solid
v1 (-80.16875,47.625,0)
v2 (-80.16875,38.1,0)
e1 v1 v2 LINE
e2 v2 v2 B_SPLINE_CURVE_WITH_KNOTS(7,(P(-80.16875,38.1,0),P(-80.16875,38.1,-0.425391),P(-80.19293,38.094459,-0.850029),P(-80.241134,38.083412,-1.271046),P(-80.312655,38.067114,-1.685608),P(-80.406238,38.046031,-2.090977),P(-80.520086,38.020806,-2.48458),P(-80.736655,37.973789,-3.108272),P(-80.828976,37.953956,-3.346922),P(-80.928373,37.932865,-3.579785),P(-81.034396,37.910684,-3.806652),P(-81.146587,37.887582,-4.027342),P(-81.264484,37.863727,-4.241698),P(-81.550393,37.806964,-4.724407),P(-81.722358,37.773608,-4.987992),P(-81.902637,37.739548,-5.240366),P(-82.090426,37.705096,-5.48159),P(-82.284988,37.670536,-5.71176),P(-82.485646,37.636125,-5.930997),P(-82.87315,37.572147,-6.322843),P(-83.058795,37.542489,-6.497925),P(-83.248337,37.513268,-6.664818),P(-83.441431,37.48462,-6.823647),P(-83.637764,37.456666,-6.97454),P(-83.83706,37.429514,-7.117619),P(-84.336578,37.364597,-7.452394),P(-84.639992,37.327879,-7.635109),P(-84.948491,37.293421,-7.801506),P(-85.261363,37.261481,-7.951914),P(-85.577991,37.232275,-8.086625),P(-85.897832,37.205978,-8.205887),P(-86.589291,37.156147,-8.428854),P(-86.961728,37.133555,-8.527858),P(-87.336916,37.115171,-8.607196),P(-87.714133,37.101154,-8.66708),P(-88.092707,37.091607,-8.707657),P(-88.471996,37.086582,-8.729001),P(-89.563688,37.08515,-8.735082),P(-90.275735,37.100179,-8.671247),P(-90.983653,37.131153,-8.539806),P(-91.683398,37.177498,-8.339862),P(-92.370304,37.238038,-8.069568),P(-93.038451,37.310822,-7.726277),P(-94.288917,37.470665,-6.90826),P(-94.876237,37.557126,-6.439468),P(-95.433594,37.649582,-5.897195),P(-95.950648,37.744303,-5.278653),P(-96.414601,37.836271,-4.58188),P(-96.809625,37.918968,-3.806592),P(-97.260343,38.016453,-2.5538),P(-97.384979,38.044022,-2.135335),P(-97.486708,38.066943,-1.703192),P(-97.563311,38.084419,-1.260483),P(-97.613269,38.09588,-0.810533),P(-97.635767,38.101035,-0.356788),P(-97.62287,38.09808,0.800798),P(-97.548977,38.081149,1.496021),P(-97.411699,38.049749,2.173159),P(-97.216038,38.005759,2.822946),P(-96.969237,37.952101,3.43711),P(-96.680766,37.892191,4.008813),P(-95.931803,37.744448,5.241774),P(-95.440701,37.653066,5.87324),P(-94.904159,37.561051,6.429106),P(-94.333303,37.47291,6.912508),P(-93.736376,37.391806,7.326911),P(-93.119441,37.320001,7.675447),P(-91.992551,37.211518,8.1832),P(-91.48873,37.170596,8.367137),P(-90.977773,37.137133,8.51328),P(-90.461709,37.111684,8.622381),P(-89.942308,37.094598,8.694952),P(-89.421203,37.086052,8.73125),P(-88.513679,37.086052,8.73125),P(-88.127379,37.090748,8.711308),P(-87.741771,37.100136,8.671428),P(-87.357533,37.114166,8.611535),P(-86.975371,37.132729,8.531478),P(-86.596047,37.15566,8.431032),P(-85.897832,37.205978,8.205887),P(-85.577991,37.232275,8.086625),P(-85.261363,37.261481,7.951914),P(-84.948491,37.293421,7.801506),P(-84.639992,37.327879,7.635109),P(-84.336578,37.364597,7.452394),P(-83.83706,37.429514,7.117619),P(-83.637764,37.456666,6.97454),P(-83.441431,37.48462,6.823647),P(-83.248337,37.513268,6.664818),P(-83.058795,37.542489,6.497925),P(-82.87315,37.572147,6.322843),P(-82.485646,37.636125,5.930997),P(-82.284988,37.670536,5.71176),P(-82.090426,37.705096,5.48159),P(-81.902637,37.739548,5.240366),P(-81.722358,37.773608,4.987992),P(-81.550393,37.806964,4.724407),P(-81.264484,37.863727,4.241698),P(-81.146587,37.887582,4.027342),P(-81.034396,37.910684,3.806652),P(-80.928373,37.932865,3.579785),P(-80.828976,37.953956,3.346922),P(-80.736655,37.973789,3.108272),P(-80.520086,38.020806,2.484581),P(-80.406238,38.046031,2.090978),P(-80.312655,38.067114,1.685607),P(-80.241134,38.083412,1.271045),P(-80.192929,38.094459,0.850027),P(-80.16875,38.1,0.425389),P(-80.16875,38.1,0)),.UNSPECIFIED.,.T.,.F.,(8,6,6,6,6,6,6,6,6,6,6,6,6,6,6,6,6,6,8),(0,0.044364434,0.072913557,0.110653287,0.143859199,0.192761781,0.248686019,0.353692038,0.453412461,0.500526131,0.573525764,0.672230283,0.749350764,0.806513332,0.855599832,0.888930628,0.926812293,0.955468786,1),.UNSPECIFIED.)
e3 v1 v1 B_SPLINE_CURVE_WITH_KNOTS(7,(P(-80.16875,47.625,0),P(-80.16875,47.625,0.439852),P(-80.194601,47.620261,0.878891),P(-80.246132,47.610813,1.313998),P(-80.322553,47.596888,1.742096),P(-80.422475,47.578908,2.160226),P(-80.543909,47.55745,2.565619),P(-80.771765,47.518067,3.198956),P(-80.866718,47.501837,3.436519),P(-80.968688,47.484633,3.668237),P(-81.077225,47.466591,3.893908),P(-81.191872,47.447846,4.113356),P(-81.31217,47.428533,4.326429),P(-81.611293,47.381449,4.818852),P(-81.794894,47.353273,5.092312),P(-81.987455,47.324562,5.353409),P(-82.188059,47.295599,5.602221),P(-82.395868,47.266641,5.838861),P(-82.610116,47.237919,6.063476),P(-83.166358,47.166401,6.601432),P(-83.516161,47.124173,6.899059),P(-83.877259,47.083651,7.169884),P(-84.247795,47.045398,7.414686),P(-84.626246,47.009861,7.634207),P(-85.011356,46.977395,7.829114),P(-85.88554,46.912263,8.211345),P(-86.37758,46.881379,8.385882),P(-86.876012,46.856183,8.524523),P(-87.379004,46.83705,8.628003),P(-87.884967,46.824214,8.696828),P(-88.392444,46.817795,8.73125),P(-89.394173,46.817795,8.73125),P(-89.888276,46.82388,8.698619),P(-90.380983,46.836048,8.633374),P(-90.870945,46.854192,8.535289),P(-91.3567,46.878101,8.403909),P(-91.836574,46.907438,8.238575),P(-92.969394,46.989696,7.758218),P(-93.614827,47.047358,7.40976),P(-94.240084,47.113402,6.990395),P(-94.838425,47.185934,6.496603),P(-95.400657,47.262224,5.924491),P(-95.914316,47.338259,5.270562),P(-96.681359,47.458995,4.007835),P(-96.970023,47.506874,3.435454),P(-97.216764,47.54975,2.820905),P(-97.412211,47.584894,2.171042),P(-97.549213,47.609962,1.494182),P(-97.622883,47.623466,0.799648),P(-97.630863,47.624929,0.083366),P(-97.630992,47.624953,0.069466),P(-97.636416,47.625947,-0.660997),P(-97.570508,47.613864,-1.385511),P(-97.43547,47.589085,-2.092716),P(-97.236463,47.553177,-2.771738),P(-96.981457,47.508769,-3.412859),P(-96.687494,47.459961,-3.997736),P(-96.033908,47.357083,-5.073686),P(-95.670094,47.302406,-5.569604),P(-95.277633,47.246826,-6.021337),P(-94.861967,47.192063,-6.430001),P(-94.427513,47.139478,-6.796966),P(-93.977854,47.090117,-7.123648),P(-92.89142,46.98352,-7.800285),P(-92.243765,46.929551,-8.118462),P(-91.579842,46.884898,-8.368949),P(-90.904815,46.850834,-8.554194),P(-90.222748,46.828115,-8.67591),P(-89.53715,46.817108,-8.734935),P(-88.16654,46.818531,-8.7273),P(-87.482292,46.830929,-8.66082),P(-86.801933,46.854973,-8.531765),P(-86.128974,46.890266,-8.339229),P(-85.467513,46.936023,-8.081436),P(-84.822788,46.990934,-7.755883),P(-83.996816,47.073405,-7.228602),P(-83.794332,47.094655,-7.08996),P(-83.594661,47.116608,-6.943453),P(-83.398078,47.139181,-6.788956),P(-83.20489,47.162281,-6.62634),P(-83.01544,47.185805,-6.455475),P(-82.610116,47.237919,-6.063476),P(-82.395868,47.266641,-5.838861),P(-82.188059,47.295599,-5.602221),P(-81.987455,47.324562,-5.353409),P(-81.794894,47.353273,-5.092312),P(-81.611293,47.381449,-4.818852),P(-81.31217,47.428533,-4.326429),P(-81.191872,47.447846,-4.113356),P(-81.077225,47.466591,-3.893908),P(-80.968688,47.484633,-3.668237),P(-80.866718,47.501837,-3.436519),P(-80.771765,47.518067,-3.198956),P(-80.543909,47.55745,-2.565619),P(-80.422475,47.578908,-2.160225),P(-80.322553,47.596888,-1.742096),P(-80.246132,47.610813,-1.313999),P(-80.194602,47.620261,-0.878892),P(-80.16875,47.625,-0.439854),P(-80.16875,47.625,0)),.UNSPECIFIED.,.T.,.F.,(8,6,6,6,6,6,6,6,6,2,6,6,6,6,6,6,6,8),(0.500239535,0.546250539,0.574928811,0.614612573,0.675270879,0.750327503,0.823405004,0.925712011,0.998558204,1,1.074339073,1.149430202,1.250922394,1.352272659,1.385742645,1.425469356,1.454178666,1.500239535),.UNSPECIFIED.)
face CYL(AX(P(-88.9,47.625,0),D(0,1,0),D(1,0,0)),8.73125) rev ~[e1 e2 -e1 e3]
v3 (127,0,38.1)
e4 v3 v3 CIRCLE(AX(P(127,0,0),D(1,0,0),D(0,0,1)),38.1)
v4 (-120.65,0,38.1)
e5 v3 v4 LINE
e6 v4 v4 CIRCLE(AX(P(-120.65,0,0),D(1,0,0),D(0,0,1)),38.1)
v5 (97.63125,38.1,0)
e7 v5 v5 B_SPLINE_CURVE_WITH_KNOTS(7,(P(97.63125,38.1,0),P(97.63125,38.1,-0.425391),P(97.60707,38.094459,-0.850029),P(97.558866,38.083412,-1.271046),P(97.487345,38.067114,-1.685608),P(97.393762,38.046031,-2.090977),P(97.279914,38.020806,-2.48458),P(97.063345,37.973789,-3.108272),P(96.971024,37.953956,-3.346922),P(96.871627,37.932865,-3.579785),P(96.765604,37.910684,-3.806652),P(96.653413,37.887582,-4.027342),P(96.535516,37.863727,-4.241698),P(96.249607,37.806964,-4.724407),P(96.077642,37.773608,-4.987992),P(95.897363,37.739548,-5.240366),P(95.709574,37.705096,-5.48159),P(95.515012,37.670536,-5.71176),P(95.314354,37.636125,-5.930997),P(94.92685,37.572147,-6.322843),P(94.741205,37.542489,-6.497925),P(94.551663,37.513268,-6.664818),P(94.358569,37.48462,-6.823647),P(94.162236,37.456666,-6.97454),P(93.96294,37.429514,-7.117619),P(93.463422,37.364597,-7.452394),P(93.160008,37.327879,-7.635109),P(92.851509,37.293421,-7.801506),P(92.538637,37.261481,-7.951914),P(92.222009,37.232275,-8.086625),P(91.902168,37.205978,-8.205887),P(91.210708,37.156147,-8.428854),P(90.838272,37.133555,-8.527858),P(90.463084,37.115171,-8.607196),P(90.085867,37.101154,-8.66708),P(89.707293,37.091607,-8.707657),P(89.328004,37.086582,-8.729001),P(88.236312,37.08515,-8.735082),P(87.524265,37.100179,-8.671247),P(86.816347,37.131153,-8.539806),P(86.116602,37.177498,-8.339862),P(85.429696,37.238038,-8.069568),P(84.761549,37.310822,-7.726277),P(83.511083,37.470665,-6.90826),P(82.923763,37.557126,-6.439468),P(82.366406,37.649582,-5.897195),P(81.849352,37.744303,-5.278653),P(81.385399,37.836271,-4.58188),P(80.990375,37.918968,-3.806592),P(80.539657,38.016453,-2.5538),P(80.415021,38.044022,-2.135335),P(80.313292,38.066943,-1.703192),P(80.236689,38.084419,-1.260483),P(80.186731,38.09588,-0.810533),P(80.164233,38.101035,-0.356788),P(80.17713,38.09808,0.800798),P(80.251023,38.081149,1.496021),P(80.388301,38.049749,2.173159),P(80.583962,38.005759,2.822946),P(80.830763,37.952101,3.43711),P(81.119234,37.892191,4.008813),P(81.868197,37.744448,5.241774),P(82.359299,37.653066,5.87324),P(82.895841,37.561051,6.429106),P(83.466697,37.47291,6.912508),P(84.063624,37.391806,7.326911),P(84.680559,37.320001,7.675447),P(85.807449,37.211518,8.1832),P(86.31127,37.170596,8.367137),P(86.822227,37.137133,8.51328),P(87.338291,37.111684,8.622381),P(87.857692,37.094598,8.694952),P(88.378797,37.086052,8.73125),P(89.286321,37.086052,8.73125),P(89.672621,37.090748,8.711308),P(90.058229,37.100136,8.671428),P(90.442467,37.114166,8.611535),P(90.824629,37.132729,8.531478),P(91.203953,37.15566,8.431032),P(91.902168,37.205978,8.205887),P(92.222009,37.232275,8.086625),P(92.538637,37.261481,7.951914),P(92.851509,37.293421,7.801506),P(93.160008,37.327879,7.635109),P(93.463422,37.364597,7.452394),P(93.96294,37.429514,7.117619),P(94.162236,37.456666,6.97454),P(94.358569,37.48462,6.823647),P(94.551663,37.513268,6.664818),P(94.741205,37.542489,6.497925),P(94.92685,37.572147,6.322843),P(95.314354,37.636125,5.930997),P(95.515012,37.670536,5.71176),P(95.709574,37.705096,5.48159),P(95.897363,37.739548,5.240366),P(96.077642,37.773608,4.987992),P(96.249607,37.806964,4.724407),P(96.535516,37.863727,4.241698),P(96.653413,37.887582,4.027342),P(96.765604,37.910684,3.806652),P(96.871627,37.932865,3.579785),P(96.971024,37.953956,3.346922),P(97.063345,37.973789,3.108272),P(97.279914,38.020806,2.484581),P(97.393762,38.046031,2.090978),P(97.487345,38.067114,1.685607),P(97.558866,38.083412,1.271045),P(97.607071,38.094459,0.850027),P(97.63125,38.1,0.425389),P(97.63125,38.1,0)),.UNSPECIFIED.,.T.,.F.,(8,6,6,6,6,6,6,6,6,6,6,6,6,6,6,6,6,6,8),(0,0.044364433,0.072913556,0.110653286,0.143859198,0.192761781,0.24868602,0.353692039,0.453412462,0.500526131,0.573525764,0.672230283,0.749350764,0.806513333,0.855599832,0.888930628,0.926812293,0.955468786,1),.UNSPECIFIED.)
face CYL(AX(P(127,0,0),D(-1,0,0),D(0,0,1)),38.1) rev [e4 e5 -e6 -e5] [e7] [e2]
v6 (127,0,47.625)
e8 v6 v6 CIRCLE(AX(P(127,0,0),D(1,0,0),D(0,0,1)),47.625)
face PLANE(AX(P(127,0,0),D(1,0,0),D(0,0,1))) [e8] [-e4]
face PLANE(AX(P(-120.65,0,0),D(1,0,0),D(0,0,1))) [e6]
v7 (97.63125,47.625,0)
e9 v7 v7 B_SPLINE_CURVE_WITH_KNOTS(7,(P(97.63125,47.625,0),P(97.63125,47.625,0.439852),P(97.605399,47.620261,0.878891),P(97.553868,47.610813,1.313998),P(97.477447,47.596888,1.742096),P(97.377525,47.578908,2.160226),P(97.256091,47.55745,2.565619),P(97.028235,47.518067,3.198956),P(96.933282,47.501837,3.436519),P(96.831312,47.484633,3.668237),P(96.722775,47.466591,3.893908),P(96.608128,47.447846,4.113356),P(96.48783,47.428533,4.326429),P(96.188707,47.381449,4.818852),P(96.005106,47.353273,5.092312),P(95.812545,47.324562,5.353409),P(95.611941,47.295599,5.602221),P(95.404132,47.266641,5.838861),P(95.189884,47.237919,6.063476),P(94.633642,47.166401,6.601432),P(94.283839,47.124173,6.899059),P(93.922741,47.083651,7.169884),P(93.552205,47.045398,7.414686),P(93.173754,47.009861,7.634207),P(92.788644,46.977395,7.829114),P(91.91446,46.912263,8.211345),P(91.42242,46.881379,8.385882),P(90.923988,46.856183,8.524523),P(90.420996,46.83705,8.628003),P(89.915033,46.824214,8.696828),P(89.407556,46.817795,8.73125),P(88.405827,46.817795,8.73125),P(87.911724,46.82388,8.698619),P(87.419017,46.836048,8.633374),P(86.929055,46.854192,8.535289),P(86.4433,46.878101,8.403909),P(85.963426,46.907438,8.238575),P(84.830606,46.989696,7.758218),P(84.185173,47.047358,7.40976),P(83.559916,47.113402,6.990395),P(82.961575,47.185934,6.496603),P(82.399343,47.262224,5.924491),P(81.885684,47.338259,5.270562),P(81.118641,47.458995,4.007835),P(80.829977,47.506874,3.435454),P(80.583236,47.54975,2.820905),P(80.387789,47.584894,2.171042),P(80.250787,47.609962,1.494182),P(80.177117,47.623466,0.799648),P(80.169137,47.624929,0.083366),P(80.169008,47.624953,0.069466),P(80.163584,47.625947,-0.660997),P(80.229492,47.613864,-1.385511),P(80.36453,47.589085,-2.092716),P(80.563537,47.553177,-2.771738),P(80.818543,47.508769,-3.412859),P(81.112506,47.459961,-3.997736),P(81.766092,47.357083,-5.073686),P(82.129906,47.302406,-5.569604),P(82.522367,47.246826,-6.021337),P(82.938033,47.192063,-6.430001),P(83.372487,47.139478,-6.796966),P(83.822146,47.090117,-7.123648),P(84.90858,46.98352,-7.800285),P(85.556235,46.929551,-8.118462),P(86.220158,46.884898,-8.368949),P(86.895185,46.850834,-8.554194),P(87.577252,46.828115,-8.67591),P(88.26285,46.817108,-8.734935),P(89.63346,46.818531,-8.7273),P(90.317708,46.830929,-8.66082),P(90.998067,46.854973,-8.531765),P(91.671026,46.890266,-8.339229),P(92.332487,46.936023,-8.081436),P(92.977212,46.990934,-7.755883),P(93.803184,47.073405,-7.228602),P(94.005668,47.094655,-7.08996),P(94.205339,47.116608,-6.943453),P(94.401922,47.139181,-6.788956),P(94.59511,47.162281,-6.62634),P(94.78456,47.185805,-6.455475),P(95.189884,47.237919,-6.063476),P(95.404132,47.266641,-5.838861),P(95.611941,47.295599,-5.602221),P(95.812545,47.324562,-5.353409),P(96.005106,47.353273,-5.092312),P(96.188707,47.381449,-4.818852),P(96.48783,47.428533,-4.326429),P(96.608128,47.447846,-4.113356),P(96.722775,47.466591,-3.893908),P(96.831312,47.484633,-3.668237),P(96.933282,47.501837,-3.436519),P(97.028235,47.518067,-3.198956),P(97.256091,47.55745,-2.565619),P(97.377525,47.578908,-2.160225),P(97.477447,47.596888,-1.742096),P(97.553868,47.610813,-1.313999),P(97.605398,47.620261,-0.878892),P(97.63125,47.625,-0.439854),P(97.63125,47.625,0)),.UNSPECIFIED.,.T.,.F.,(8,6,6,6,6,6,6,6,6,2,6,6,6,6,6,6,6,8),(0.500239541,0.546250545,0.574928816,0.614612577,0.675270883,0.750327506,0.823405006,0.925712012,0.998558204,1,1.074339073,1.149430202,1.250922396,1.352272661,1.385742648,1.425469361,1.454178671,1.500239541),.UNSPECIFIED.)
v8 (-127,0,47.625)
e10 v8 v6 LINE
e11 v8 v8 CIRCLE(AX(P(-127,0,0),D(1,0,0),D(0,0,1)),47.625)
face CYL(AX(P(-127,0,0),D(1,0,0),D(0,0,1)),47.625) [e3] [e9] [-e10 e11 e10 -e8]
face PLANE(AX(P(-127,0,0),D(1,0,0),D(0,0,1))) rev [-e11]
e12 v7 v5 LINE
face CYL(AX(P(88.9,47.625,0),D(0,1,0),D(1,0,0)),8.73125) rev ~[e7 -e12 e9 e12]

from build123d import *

# Parameters (mm, degrees)
F_3_4_16_TAPPED_HOLE1_REACH  = 167.74
F_3_4_16_TAPPED_HOLE1_BORE_R = 8.73125


with BuildPart() as part:
    # Sketch1 → Revolve1 (revolve)
    with BuildSketch(Plane.XY, mode=Mode.PRIVATE) as revolve1_sk:
        Polygon((-127, 0), (-127, 47.625), (127, 47.625), (127, 38.1), (-120.65, 38.1), (-120.65, 0), align=None)
    revolve(revolve1_sk.sketch.rotate(Axis((-127, 0, 0), (1, 0, 0)), 90), axis=Axis((-127, 0, 0), (1, 0, 0)))

    # 3/4-16 Tapped Hole1 bore → 3/4-16 Tapped Hole1 (cut, up to next)
    with BuildSketch(Plane(origin=(0, 47.625, 0), x_dir=(1, 0, 0), z_dir=(0, 1, 0)), mode=Mode.PRIVATE) as f_3_4_16_tapped_hole1_sk1:
        with Locations((-88.9, 0)):
            Circle(F_3_4_16_TAPPED_HOLE1_BORE_R)
    f_3_4_16_tapped_hole1_tool1 = extrude(f_3_4_16_tapped_hole1_sk1.sketch, amount=-F_3_4_16_TAPPED_HOLE1_REACH, mode=Mode.PRIVATE) & part.part
    # 3/4-16 Tapped Hole1 bore → 3/4-16 Tapped Hole1 (cut, up to next)
    with BuildSketch(Plane(origin=(0, 47.625, 0), x_dir=(1, 0, 0), z_dir=(0, 1, 0)), mode=Mode.PRIVATE) as f_3_4_16_tapped_hole1_sk2:
        with Locations((88.9, 0)):
            Circle(F_3_4_16_TAPPED_HOLE1_BORE_R)
    f_3_4_16_tapped_hole1_tool2 = extrude(f_3_4_16_tapped_hole1_sk2.sketch, amount=-F_3_4_16_TAPPED_HOLE1_REACH, mode=Mode.PRIVATE) & part.part
    add(f_3_4_16_tapped_hole1_tool1.solids().sort_by_distance((-88.9, 47.625, 0))[0], mode=Mode.SUBTRACT)
    add(f_3_4_16_tapped_hole1_tool2.solids().sort_by_distance((88.9, 47.625, 0))[0], mode=Mode.SUBTRACT)


solid = part.part
